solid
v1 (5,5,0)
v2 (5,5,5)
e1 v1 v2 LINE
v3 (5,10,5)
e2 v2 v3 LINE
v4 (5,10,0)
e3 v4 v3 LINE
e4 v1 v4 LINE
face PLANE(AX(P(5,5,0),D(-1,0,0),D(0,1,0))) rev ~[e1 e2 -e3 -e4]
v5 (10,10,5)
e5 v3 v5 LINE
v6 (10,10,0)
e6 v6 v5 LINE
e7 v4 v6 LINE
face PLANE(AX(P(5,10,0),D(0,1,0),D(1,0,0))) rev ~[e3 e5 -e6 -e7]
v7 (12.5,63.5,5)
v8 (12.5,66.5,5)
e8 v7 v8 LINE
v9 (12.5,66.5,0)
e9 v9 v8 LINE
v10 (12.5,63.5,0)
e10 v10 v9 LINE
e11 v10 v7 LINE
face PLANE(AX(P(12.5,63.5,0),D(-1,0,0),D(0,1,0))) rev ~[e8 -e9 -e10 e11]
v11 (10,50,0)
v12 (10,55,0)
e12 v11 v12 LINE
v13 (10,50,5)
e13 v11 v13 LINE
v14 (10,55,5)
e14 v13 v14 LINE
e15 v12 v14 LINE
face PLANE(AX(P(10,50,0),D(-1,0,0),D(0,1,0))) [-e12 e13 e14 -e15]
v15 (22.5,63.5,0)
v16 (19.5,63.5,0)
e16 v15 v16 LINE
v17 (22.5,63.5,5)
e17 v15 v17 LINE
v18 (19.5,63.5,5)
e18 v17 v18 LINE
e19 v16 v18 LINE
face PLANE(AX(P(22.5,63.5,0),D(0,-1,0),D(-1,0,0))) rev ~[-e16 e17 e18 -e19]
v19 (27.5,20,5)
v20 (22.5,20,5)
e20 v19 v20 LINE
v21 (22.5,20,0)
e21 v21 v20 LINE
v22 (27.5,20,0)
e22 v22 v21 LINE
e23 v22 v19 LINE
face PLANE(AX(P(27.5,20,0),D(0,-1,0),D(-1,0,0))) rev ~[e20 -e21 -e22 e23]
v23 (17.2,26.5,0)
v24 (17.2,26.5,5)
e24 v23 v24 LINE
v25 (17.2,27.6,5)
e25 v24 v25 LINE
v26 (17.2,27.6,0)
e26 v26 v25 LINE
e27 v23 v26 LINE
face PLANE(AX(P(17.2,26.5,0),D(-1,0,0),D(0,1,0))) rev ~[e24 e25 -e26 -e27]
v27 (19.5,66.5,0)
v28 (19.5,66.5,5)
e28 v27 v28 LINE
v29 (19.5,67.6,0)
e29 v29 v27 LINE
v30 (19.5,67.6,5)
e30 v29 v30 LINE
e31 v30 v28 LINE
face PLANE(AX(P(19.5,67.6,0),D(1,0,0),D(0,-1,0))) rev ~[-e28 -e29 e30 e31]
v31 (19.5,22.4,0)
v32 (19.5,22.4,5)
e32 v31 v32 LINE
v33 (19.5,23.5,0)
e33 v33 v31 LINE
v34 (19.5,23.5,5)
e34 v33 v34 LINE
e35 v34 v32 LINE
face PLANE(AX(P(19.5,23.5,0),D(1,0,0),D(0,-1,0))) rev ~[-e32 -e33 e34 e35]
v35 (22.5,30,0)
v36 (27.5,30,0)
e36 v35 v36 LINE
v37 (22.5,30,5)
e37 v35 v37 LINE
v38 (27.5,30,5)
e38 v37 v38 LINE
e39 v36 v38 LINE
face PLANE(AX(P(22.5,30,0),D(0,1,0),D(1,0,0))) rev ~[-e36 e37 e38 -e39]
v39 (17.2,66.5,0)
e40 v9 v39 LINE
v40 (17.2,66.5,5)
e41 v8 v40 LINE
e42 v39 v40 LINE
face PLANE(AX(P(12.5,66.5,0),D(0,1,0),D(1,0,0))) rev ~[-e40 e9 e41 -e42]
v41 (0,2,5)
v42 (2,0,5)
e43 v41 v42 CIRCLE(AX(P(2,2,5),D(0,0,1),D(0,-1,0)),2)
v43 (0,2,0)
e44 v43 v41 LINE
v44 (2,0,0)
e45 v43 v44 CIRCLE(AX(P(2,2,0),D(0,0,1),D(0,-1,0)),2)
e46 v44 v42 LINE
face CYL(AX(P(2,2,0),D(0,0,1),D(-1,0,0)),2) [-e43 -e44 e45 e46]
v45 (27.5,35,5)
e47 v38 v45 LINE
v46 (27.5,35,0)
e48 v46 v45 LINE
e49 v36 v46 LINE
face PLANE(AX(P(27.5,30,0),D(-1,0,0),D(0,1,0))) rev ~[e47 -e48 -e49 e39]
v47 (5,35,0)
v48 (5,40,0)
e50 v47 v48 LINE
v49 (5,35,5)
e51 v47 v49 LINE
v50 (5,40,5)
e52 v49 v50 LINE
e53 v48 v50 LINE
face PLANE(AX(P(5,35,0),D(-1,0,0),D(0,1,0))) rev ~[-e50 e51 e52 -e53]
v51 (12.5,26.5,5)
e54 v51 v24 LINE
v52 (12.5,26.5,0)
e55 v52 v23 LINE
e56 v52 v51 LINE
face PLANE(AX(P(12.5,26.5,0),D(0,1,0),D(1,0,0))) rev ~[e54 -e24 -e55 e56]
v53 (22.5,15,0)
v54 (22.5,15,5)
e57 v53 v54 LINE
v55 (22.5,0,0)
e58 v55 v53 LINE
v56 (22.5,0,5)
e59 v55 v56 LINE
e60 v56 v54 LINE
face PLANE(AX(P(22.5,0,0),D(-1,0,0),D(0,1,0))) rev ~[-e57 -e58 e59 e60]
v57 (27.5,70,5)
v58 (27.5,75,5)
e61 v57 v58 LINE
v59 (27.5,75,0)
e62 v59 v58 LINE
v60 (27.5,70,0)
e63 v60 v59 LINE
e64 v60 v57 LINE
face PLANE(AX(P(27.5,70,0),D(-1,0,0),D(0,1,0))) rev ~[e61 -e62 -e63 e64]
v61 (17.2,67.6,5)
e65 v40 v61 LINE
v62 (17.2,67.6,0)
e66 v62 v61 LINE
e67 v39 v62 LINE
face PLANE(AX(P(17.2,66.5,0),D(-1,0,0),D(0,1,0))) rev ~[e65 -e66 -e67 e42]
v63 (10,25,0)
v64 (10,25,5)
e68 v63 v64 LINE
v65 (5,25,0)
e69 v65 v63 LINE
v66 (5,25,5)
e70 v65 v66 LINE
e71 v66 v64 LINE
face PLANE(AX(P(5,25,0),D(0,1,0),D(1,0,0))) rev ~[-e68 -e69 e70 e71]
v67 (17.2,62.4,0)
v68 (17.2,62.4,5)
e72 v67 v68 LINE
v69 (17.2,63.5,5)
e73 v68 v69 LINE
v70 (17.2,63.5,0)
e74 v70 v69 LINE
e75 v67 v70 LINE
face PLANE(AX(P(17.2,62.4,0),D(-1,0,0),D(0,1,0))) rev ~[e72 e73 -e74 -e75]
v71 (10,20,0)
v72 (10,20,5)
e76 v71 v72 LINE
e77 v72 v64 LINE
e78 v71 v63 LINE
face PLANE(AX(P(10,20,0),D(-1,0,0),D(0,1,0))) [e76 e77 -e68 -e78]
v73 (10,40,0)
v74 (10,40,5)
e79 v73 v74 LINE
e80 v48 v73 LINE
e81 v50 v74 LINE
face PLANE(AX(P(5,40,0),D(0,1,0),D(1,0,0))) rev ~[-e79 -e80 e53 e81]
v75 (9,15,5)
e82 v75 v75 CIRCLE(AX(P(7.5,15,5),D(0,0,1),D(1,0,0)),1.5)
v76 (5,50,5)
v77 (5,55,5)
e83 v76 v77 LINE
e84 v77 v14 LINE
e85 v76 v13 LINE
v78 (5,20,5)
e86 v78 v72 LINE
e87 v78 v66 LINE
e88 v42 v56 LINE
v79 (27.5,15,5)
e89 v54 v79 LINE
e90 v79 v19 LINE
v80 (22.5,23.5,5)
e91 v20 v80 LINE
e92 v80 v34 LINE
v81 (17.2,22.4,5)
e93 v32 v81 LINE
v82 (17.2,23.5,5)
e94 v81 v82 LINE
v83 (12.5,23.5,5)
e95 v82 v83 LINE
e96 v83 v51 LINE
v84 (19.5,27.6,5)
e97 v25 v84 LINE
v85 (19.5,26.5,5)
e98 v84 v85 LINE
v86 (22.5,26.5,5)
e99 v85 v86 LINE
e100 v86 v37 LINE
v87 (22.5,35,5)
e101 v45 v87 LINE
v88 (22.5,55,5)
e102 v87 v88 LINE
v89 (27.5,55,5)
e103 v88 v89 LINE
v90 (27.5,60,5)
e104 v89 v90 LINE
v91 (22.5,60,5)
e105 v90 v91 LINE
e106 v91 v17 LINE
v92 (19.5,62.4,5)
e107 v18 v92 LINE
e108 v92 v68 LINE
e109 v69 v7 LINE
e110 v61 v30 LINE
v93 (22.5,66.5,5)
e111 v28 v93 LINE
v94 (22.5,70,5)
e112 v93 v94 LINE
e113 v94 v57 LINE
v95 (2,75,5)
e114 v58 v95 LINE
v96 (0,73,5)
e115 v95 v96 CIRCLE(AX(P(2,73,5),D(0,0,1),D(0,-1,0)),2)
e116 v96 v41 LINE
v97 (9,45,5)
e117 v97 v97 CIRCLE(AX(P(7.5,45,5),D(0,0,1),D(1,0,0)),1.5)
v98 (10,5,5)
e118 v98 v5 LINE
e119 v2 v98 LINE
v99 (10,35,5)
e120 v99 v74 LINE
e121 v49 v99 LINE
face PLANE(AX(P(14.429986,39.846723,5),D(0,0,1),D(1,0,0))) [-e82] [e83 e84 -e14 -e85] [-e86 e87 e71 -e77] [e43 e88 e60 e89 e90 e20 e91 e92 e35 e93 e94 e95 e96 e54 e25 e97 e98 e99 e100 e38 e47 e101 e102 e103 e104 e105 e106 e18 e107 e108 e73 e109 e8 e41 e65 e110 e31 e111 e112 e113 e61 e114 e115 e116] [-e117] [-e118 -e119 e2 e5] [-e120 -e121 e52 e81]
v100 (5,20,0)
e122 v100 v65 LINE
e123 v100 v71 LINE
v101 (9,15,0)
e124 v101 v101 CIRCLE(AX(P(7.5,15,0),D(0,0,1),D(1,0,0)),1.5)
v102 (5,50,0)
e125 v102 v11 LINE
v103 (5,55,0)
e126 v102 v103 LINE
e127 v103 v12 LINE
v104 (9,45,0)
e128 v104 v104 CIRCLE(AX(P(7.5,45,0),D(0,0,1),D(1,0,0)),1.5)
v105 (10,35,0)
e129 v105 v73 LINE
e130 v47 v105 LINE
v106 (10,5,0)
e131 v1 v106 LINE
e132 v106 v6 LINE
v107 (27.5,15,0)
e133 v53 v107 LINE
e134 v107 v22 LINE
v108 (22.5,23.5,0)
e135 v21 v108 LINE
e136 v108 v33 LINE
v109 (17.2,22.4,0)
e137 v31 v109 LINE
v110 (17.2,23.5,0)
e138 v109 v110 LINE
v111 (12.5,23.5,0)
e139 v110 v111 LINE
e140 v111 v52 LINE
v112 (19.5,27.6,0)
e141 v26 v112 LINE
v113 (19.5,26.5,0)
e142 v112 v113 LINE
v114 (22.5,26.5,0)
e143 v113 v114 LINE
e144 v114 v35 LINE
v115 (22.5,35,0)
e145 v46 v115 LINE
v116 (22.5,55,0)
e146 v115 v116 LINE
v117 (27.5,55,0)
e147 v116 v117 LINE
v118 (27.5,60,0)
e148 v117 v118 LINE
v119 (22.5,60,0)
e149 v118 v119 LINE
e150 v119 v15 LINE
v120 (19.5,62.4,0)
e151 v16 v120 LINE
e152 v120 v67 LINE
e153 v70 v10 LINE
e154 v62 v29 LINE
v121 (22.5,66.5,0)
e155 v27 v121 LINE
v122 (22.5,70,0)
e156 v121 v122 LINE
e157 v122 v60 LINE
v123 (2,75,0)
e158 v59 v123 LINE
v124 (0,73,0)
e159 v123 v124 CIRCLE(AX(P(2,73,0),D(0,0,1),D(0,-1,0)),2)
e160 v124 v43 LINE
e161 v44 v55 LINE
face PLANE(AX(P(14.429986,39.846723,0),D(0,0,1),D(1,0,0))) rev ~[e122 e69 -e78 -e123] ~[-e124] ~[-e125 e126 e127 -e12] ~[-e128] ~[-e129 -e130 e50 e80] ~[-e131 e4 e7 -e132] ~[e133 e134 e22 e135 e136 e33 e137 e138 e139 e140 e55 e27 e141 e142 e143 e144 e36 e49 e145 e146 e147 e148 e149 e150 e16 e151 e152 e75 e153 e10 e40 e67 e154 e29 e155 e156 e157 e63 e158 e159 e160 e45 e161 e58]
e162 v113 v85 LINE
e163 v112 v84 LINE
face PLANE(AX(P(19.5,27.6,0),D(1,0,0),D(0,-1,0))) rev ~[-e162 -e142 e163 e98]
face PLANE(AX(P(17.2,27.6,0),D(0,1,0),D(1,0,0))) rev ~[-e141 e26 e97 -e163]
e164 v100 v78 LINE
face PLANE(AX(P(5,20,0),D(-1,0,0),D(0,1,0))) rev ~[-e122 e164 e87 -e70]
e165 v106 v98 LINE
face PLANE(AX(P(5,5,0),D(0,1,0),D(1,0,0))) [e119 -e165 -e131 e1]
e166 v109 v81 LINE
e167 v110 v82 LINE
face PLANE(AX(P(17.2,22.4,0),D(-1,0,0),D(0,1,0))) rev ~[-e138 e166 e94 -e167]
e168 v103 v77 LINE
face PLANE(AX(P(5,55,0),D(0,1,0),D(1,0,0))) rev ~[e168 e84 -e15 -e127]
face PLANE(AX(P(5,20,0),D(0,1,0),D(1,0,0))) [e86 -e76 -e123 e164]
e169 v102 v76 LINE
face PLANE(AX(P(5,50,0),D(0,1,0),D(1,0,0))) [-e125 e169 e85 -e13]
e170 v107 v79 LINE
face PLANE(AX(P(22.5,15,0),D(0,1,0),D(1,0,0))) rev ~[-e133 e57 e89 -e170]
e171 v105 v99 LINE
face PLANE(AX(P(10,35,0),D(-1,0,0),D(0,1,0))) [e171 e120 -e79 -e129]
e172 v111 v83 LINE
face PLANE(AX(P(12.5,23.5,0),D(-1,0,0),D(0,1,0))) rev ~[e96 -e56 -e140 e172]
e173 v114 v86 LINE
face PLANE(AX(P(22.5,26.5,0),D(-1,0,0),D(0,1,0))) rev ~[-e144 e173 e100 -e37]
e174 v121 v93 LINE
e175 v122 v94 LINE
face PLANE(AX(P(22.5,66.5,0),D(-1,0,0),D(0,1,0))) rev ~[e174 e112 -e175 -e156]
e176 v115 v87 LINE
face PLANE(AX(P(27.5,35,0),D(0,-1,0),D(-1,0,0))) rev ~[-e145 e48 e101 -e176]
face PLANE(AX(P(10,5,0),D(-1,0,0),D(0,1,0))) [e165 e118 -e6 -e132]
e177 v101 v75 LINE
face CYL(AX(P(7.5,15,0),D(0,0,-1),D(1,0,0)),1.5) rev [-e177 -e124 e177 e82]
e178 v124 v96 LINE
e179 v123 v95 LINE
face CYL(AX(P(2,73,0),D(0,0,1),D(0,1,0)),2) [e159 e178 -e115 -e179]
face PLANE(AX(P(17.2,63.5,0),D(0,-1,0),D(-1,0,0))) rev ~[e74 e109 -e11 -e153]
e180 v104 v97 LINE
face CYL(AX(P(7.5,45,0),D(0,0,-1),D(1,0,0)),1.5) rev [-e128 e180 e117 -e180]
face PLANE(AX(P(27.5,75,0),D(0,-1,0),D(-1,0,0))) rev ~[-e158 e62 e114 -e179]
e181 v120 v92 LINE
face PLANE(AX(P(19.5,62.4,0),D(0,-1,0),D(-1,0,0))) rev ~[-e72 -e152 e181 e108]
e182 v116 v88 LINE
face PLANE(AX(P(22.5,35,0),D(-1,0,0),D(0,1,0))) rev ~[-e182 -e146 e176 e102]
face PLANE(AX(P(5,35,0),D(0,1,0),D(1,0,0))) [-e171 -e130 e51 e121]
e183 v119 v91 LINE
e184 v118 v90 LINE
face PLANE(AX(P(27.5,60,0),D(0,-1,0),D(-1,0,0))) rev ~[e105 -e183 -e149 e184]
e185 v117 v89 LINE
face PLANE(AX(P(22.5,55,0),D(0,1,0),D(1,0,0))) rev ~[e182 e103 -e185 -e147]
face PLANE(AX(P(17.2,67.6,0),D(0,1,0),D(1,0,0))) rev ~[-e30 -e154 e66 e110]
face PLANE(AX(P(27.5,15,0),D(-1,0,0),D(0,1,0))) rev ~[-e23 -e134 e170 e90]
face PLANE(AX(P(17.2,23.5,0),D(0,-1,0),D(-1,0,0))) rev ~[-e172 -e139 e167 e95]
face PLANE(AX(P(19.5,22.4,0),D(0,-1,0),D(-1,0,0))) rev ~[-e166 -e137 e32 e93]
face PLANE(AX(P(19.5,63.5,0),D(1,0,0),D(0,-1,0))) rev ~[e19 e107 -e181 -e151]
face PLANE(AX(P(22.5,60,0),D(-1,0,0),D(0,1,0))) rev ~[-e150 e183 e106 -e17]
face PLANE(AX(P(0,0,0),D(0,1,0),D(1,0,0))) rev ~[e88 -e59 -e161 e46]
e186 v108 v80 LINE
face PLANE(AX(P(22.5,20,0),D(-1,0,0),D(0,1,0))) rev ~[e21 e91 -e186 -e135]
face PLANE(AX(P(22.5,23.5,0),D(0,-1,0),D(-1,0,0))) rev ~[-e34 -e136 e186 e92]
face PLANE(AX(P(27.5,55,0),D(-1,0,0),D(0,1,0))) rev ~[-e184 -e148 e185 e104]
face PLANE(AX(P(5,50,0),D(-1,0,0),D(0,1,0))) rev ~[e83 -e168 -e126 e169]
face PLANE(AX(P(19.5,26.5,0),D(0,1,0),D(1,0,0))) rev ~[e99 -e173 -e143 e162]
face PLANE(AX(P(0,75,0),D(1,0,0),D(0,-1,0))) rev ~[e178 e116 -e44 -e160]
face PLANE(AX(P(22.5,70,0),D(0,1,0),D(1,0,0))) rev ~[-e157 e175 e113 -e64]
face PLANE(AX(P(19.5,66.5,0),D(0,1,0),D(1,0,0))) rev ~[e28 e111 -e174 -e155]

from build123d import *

# Parameters (mm, degrees)
SKETCH1_W           = 5
SKETCH1_H           = 5
SKETCH1_R           = 1.5
BOSS_EXTRUDE1_DEPTH = 5
CONG_1_R            = 2


with BuildPart() as part:
    # Sketch1 → Boss-Extrude1 (new body)
    with BuildSketch(Plane.XY):
        Polygon((22.5, 35), (22.5, 55), (27.5, 55), (27.5, 60), (22.5, 60), (22.5, 63.5), (19.5, 63.5), (19.5, 62.4), (17.2, 62.4), (17.2, 63.5), (12.5, 63.5), (12.5, 66.5), (17.2, 66.5), (17.2, 67.6), (19.5, 67.6), (19.5, 66.5), (22.5, 66.5), (22.5, 70), (27.5, 70), (27.5, 75), (22.5, 75), (0, 75), (0, 0), (22.5, 0), (22.5, 15), (27.5, 15), (27.5, 20), (22.5, 20), (22.5, 23.5), (19.5, 23.5), (19.5, 22.4), (17.2, 22.4), (17.2, 23.5), (12.5, 23.5), (12.5, 26.5), (17.2, 26.5), (17.2, 27.6), (19.5, 27.6), (19.5, 26.5), (22.5, 26.5), (22.5, 30), (27.5, 30), (27.5, 35), align=None)
        with Locations((7.5, 7.5)):
            Rectangle(SKETCH1_W, SKETCH1_H, mode=Mode.SUBTRACT)
        with Locations((7.5, 15)):
            Circle(SKETCH1_R, mode=Mode.SUBTRACT)
        with Locations((7.5, 22.5)):
            Rectangle(SKETCH1_W, SKETCH1_H, mode=Mode.SUBTRACT)
        with Locations((7.5, 37.5)):
            Rectangle(SKETCH1_W, SKETCH1_H, mode=Mode.SUBTRACT)
        with Locations((7.5, 45)):
            Circle(SKETCH1_R, mode=Mode.SUBTRACT)
        with Locations((7.5, 52.5)):
            Rectangle(SKETCH1_W, SKETCH1_H, mode=Mode.SUBTRACT)
    extrude(amount=BOSS_EXTRUDE1_DEPTH)

    # Congé1
    cong_1_edges = [part.edges().sort_by_distance(p)[0] for p in [
        (0, 0, 2.5),
        (0, 75, 2.5),
    ]]
    fillet(cong_1_edges, radius=CONG_1_R)


solid = part.part
